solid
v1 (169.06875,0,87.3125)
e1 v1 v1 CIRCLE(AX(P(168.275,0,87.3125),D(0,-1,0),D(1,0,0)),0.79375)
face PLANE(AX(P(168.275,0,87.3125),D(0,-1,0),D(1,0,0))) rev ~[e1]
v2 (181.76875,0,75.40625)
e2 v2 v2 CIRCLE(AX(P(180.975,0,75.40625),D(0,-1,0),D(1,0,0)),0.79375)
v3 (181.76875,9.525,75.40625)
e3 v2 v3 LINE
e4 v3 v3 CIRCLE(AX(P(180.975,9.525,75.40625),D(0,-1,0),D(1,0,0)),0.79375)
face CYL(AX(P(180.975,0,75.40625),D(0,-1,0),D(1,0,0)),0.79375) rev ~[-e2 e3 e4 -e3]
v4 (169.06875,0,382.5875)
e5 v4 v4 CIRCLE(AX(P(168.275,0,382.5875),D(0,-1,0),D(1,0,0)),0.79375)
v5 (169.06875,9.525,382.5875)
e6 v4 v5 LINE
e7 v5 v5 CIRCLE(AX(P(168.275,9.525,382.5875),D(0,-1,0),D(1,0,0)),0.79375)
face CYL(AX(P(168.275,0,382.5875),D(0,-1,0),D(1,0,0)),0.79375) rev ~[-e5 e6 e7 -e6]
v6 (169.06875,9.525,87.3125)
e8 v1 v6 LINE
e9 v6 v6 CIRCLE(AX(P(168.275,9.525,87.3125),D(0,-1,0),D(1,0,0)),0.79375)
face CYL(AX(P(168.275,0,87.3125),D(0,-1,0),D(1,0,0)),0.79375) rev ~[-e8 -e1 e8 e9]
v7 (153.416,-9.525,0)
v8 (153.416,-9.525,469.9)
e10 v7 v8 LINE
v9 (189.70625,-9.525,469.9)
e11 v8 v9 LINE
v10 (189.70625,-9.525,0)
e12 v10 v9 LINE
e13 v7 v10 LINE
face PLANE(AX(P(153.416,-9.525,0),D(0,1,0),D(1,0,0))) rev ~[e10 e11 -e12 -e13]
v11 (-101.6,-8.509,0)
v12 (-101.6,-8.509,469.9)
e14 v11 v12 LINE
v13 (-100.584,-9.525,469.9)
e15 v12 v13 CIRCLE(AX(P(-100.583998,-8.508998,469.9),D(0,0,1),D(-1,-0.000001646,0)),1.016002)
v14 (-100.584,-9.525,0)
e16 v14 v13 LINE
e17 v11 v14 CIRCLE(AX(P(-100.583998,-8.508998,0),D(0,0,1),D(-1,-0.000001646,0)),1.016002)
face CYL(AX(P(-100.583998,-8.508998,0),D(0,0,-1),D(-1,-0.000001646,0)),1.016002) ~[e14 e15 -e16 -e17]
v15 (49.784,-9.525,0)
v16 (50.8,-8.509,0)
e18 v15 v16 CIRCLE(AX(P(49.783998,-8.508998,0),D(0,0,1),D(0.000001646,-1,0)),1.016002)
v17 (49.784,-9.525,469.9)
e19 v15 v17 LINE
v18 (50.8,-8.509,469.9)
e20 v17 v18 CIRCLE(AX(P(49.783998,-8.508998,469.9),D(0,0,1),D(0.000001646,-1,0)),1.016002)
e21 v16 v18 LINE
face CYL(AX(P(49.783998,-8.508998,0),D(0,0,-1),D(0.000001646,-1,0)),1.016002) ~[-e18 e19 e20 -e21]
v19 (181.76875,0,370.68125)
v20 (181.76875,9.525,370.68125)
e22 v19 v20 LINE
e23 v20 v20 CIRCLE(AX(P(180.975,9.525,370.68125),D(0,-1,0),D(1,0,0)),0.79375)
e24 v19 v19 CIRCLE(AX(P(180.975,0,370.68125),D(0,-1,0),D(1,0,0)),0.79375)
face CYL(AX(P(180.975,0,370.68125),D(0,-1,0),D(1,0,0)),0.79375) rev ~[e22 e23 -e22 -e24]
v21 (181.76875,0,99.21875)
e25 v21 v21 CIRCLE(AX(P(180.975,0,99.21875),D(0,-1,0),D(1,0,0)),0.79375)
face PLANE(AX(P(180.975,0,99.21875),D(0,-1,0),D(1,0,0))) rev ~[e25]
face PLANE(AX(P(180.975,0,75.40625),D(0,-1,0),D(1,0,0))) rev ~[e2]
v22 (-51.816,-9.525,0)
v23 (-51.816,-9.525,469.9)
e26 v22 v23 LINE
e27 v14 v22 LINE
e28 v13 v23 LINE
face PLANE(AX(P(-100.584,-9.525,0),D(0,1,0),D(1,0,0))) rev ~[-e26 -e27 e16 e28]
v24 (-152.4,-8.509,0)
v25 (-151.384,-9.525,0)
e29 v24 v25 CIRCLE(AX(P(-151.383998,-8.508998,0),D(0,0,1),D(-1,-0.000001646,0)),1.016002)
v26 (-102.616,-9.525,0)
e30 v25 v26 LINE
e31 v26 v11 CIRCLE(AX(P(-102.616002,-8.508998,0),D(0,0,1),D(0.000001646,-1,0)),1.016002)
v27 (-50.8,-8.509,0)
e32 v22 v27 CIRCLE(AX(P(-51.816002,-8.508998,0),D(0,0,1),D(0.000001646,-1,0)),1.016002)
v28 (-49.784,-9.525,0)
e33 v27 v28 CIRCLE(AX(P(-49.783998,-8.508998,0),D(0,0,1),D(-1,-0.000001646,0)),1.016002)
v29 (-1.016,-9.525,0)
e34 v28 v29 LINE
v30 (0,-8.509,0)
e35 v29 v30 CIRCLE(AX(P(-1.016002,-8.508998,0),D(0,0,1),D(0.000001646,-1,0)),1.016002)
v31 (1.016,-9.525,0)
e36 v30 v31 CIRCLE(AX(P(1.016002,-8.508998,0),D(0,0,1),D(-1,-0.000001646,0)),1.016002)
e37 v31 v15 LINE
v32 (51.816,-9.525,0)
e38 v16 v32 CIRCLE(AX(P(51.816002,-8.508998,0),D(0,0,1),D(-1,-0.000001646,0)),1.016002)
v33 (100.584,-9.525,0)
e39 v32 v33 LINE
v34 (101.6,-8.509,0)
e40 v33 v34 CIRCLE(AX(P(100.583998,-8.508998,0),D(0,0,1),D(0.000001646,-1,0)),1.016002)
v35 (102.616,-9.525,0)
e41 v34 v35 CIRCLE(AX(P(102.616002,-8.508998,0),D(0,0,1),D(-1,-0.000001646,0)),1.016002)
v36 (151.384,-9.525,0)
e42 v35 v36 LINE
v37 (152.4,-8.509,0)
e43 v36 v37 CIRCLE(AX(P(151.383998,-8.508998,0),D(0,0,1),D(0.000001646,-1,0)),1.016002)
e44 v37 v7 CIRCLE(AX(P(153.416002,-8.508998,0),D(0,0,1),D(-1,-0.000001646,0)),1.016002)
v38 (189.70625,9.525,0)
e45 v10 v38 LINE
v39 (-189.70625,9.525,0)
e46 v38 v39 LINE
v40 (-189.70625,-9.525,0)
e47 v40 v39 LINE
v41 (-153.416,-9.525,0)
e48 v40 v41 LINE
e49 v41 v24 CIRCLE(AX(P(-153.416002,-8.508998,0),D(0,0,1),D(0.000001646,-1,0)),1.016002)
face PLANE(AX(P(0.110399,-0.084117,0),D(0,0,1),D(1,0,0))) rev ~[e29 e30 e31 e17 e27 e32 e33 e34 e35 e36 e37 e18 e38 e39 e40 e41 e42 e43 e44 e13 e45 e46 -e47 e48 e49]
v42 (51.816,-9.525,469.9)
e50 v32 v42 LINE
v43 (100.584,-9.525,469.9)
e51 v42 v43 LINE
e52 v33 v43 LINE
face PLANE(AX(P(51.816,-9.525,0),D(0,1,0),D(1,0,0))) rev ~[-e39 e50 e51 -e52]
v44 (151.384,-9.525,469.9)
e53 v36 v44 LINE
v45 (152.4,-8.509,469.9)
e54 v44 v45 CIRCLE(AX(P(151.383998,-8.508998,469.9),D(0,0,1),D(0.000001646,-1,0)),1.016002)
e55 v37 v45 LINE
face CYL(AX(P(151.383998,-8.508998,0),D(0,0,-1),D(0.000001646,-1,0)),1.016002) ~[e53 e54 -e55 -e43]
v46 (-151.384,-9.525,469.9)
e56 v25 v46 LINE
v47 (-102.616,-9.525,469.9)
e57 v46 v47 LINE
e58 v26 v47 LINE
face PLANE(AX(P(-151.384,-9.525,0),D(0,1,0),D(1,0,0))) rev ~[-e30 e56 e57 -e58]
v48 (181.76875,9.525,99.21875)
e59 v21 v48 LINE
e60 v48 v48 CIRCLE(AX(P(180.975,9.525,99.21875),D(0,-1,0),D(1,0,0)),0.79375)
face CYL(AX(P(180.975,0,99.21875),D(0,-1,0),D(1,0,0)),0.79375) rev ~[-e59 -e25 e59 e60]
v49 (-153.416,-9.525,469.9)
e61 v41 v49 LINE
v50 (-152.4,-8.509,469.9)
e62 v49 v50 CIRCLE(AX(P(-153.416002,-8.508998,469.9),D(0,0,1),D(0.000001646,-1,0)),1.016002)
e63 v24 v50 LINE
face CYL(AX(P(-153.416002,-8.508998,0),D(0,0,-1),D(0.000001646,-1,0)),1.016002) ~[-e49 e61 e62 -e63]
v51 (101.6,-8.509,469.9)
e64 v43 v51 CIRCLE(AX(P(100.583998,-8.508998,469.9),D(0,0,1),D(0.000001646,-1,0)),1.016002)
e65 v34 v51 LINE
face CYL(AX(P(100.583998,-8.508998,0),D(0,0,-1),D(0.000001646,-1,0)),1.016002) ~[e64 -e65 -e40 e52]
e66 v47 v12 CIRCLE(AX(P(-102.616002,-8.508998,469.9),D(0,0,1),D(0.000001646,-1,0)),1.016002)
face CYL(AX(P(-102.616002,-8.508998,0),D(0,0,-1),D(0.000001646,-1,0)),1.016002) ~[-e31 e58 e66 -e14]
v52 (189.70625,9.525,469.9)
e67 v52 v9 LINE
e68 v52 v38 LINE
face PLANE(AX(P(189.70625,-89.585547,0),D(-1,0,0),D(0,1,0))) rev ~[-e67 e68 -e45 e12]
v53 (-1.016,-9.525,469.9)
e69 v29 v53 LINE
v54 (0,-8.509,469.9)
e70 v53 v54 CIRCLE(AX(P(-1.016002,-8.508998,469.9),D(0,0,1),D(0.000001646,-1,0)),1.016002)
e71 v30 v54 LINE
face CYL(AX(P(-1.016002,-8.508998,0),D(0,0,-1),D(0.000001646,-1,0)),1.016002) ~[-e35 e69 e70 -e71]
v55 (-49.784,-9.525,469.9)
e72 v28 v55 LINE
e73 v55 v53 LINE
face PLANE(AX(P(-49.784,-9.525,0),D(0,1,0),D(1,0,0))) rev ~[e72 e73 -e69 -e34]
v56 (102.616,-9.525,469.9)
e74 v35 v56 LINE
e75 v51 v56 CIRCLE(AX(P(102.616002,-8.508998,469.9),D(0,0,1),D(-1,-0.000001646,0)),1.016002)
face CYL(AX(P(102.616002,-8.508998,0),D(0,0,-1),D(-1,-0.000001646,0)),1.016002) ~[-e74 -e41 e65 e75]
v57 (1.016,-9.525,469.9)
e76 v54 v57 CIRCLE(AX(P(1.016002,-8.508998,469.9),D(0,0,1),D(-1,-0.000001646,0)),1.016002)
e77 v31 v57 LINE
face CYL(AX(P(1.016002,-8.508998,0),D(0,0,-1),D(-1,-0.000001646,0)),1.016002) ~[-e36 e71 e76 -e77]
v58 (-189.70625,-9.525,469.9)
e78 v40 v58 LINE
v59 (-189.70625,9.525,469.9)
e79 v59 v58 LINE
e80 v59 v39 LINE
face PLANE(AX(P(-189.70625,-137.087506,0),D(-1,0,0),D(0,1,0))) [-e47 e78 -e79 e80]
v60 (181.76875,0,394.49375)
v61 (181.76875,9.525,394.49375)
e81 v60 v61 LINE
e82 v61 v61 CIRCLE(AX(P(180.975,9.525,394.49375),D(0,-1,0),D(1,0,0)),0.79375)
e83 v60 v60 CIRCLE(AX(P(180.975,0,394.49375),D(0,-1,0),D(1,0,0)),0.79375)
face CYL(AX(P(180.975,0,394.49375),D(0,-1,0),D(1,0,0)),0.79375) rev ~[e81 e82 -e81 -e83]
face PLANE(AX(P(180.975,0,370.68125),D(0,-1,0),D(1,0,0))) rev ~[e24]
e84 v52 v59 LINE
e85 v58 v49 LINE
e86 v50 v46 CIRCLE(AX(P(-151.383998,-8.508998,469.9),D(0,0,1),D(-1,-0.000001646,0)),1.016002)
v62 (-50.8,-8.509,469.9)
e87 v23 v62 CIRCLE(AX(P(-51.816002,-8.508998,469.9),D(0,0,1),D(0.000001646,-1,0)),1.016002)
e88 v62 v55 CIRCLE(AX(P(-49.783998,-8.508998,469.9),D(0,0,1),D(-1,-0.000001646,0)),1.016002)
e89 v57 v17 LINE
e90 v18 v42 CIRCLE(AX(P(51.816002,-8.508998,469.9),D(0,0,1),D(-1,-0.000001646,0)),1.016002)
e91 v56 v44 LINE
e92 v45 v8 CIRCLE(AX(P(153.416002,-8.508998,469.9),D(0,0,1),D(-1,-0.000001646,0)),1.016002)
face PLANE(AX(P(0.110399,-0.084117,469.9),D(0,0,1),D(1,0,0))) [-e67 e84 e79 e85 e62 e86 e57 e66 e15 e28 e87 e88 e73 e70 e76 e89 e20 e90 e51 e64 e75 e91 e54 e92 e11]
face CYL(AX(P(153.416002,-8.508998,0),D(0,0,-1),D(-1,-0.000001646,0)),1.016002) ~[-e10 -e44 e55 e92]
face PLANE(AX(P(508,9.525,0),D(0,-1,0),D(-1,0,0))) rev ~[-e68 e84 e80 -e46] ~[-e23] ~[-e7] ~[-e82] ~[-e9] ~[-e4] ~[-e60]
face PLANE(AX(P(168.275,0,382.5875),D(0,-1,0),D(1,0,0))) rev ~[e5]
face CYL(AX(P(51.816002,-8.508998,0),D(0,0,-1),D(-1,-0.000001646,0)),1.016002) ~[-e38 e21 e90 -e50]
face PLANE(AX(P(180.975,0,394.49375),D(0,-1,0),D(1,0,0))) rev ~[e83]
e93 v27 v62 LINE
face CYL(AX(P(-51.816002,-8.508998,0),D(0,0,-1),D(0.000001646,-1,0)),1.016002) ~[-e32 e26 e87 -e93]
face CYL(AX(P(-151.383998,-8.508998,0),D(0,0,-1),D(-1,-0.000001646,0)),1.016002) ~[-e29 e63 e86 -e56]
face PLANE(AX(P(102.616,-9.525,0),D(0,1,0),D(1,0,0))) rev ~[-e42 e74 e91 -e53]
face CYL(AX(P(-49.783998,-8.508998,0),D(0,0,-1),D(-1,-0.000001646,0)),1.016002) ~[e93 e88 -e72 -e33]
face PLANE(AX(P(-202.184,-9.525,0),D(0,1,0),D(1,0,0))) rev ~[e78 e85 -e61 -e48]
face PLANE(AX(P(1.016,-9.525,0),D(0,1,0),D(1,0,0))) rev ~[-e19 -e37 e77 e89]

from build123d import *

# Parameters (mm, degrees)
F1_DEPTH = 469.9
F2_W     = 343.069662
F2_H     = 137.227848
F2_W_2   = 381
F2_H_2   = 195.285798
F3_DEPTH = 1143
F4_R     = 0.79375
F5_DEPTH = 25.4


with BuildPart() as f1:
    # F0 (on Top) → F1 (new body)
    with BuildSketch(Plane.XY):
        with BuildLine():
            Line((458.216, -9.525), (508, -9.525))
            Line((508, -9.525), (508, 9.525))
            Line((508, 9.525), (-508, 9.525))
            Line((-508, 9.525), (-508, -8.509))
            ThreePointArc((-508, -8.509), (-507.70242, -9.22742), (-506.984, -9.525))
            Line((-506.984, -9.525), (-458.216, -9.525))
            ThreePointArc((-458.216, -9.525), (-457.49758, -9.22742), (-457.2, -8.509))
            ThreePointArc((-457.2, -8.509), (-456.90242, -9.22742), (-456.184, -9.525))
            Line((-456.184, -9.525), (-407.416, -9.525))
            ThreePointArc((-407.416, -9.525), (-406.69758, -9.22742), (-406.4, -8.509))
            ThreePointArc((-406.4, -8.509), (-406.10242, -9.22742), (-405.384, -9.525))
            Line((-405.384, -9.525), (-356.616, -9.525))
            ThreePointArc((-356.616, -9.525), (-355.89758, -9.22742), (-355.6, -8.509))
            ThreePointArc((-355.6, -8.509), (-355.30242, -9.22742), (-354.584, -9.525))
            Line((-354.584, -9.525), (-305.816, -9.525))
            ThreePointArc((-305.816, -9.525), (-305.09758, -9.22742), (-304.8, -8.509))
            ThreePointArc((-304.8, -8.509), (-304.50242, -9.22742), (-303.784, -9.525))
            Line((-303.784, -9.525), (-255.016, -9.525))
            ThreePointArc((-255.016, -9.525), (-254.29758, -9.22742), (-254, -8.509))
            ThreePointArc((-254, -8.509), (-253.70242, -9.22742), (-252.984, -9.525))
            Line((-252.984, -9.525), (-204.216, -9.525))
            ThreePointArc((-204.216, -9.525), (-203.49758, -9.22742), (-203.2, -8.509))
            ThreePointArc((-203.2, -8.509), (-202.90242, -9.22742), (-202.184, -9.525))
            Line((-202.184, -9.525), (-153.416, -9.525))
            ThreePointArc((-153.416, -9.525), (-152.69758, -9.22742), (-152.4, -8.509))
            ThreePointArc((-152.4, -8.509), (-152.10242, -9.22742), (-151.384, -9.525))
            Line((-151.384, -9.525), (-102.616, -9.525))
            ThreePointArc((-102.616, -9.525), (-101.89758, -9.22742), (-101.6, -8.509))
            ThreePointArc((-101.6, -8.509), (-101.30242, -9.22742), (-100.584, -9.525))
            Line((-100.584, -9.525), (-51.816, -9.525))
            ThreePointArc((-51.816, -9.525), (-51.09758, -9.22742), (-50.8, -8.509))
            ThreePointArc((-50.8, -8.509), (-50.50242, -9.22742), (-49.784, -9.525))
            Line((-49.784, -9.525), (-1.016, -9.525))
            ThreePointArc((-1.016, -9.525), (-0.29758, -9.22742), (0, -8.509))
            ThreePointArc((0, -8.509), (0.29758, -9.22742), (1.016, -9.525))
            Line((1.016, -9.525), (49.784, -9.525))
            ThreePointArc((49.784, -9.525), (50.50242, -9.22742), (50.8, -8.509))
            ThreePointArc((50.8, -8.509), (51.09758, -9.22742), (51.816, -9.525))
            Line((51.816, -9.525), (100.584, -9.525))
            ThreePointArc((100.584, -9.525), (101.30242, -9.22742), (101.6, -8.509))
            ThreePointArc((101.6, -8.509), (101.89758, -9.22742), (102.616, -9.525))
            Line((102.616, -9.525), (151.384, -9.525))
            ThreePointArc((151.384, -9.525), (152.10242, -9.22742), (152.4, -8.509))
            ThreePointArc((152.4, -8.509), (152.69758, -9.22742), (153.416, -9.525))
            Line((153.416, -9.525), (202.184, -9.525))
            ThreePointArc((202.184, -9.525), (202.90242, -9.22742), (203.2, -8.509))
            ThreePointArc((203.2, -8.509), (203.49758, -9.22742), (204.216, -9.525))
            Line((204.216, -9.525), (252.984, -9.525))
            ThreePointArc((252.984, -9.525), (253.70242, -9.22742), (254, -8.509))
            ThreePointArc((254, -8.509), (254.29758, -9.22742), (255.016, -9.525))
            Line((255.016, -9.525), (303.784, -9.525))
            ThreePointArc((303.784, -9.525), (304.50242, -9.22742), (304.8, -8.509))
            ThreePointArc((304.8, -8.509), (305.09758, -9.22742), (305.816, -9.525))
            Line((305.816, -9.525), (354.584, -9.525))
            ThreePointArc((354.584, -9.525), (355.30242, -9.22742), (355.6, -8.509))
            ThreePointArc((355.6, -8.509), (355.89758, -9.22742), (356.616, -9.525))
            Line((356.616, -9.525), (405.384, -9.525))
            ThreePointArc((405.384, -9.525), (406.10242, -9.22742), (406.4, -8.509))
            ThreePointArc((406.4, -8.509), (406.69758, -9.22742), (407.416, -9.525))
            Line((407.416, -9.525), (456.184, -9.525))
            ThreePointArc((456.184, -9.525), (456.90242, -9.22742), (457.2, -8.509))
            ThreePointArc((457.2, -8.509), (457.49758, -9.22742), (458.216, -9.525))
        make_face()
        with BuildLine():
            ThreePointArc((-506.984, -9.525), (-507.70242, -9.22742), (-508, -8.509))
            Line((-508, -8.509), (-508, -9.525))
            Line((-508, -9.525), (-506.984, -9.525))
        make_face()
    extrude(amount=F1_DEPTH)

    # F2 (on Top) → F3 (cut)
    with BuildSketch(Plane.XY):
        with Locations((361.241081, -20.971623)):
            Rectangle(F2_W, F2_H)
        with Locations((-380.20625, -39.444607)):
            Rectangle(F2_W_2, F2_H_2)
    extrude(amount=F3_DEPTH, mode=Mode.SUBTRACT)

    # F4 (on Front) → F5 (cut)
    with BuildSketch(Plane.XZ):
        with Locations((180.975, 394.49375)):
            Circle(F4_R)
        with Locations((168.275, 382.5875)):
            Circle(F4_R)
        with Locations((180.975, 370.68125)):
            Circle(F4_R)
        with Locations((180.975, 99.21875)):
            Circle(F4_R)
        with Locations((168.275, 87.3125)):
            Circle(F4_R)
        with Locations((180.975, 75.40625)):
            Circle(F4_R)
    extrude(amount=-F5_DEPTH, mode=Mode.SUBTRACT)


solid = f1.part
